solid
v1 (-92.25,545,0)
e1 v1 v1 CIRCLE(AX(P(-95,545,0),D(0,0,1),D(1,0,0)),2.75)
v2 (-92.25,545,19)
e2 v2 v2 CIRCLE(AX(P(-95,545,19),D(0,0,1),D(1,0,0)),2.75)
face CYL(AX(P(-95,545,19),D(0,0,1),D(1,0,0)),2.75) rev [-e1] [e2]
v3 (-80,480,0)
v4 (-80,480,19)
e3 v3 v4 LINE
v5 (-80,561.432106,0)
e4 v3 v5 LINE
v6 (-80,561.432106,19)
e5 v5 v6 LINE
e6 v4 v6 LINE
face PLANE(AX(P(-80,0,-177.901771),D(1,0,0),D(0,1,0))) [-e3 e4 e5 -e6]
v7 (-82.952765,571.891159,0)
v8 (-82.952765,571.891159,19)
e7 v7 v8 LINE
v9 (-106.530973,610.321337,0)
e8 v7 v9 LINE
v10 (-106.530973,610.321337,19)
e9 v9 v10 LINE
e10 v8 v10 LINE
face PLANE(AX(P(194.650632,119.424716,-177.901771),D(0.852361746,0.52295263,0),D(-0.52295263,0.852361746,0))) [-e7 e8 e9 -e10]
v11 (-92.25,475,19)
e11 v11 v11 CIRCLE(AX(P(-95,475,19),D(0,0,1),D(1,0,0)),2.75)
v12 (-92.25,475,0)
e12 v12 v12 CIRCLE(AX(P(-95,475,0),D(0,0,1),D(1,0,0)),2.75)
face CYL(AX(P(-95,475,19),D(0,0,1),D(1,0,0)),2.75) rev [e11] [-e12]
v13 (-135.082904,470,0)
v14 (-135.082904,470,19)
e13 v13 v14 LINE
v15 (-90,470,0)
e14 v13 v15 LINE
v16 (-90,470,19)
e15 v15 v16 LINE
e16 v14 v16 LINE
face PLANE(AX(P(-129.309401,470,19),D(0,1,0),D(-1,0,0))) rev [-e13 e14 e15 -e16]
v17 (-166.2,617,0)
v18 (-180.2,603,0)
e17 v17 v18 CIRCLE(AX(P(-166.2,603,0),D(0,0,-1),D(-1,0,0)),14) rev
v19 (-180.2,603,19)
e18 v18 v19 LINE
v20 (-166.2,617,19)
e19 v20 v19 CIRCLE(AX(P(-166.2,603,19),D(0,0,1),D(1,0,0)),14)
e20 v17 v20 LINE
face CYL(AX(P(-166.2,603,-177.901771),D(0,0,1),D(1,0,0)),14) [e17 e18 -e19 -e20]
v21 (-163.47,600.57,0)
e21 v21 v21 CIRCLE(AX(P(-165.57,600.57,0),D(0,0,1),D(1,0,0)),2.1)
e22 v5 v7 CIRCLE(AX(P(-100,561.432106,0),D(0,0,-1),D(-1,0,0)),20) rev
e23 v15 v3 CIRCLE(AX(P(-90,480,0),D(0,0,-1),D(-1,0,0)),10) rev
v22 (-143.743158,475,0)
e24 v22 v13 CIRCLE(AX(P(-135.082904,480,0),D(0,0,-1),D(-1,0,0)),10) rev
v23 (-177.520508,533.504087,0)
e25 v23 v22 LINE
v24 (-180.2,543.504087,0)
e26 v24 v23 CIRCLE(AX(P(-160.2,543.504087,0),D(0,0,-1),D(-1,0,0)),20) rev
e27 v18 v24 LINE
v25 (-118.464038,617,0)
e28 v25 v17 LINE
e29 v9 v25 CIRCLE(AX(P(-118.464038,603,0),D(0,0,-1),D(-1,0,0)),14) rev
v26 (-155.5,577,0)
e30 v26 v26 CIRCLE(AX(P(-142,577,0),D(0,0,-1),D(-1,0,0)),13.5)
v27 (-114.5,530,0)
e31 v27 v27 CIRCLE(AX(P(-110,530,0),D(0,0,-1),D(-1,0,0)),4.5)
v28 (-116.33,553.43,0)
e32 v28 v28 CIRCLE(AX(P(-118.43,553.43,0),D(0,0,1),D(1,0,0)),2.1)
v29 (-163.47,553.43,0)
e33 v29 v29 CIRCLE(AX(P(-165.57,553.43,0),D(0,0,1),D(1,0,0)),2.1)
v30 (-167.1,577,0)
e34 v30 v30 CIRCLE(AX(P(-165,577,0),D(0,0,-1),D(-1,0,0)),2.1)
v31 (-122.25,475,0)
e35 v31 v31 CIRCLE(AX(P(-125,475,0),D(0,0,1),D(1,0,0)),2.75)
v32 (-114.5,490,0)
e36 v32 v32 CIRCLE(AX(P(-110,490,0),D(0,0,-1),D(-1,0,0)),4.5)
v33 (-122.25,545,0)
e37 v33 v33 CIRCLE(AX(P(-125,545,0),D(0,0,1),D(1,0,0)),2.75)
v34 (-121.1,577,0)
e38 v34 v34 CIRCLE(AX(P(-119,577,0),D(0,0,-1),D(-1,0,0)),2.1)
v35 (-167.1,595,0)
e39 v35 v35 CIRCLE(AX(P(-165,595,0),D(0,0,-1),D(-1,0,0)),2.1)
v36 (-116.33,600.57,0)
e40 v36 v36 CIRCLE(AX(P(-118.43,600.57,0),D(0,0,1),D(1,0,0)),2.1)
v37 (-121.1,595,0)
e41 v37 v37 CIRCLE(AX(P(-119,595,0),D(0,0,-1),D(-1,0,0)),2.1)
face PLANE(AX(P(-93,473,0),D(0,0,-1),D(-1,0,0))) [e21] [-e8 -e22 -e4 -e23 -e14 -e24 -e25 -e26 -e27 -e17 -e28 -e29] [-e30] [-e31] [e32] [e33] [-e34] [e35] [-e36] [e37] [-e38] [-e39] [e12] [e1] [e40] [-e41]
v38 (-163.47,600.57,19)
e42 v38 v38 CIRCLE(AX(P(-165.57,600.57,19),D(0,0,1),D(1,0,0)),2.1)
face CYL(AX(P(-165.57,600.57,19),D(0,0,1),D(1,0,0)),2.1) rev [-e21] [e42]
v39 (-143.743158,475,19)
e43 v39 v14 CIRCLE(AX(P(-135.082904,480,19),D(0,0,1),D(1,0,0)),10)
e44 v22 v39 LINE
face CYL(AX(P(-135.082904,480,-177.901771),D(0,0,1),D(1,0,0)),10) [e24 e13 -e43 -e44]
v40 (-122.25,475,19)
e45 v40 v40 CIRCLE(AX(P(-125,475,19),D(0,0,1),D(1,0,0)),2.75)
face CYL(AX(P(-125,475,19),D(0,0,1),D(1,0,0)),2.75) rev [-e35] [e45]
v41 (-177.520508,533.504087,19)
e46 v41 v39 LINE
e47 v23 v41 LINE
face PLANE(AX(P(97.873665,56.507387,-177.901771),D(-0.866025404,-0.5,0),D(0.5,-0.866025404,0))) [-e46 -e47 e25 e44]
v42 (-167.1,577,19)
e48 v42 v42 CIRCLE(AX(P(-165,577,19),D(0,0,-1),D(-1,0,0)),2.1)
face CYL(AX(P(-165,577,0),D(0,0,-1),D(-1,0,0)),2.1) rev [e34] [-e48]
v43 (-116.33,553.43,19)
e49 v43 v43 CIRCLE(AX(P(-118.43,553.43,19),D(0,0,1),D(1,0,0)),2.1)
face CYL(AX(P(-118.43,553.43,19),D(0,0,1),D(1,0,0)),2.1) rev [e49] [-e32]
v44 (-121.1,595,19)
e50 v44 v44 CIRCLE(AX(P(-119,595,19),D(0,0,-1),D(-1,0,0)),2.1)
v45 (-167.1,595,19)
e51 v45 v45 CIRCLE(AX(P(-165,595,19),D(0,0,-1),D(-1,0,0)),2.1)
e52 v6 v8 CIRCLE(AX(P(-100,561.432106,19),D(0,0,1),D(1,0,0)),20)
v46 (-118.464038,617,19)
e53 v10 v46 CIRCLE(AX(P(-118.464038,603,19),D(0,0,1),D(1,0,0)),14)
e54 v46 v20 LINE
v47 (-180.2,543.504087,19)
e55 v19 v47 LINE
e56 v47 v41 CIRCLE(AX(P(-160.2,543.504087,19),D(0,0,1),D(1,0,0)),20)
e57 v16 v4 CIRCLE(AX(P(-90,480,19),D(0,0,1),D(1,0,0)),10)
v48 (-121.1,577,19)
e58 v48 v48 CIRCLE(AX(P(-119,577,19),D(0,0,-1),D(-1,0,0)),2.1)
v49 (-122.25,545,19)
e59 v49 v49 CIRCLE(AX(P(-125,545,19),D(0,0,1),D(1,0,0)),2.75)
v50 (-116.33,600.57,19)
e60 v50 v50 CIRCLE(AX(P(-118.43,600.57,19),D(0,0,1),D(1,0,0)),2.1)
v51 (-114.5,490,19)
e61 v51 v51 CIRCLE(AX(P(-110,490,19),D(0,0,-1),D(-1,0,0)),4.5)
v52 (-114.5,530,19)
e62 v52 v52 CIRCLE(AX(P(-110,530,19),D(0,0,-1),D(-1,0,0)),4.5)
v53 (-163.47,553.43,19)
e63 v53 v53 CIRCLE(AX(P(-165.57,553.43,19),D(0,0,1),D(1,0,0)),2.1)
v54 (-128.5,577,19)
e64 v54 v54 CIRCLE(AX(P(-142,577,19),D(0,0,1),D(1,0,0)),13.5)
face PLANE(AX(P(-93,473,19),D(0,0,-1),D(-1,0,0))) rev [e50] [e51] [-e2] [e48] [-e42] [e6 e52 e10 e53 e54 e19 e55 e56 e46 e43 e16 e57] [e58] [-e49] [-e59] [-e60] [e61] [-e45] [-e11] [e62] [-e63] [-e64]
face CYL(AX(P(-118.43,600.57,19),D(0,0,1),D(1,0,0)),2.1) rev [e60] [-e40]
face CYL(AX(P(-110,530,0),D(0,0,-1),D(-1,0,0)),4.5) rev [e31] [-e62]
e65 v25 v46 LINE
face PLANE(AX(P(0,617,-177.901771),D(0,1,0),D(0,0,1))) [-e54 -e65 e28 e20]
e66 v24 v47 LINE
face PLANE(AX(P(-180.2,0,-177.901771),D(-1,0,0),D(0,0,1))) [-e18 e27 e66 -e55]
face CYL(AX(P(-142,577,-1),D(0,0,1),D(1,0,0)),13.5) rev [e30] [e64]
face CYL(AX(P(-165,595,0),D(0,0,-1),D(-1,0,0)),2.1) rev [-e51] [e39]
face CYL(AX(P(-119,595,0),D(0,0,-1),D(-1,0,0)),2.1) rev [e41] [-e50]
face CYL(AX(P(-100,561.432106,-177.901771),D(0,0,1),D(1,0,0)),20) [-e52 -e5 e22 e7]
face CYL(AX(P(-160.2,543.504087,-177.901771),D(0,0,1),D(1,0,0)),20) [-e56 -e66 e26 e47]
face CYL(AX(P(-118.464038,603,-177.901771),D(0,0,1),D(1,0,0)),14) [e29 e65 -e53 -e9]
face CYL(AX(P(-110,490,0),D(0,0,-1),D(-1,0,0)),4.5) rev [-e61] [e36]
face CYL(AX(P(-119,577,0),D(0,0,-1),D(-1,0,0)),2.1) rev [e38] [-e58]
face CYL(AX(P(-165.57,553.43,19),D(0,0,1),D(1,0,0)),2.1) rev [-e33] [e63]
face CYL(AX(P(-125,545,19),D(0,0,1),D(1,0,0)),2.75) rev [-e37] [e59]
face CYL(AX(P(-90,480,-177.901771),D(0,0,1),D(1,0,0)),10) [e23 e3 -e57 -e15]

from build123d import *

# Parameters (mm, degrees)
BOSS_EXTRUDE1_DEPTH     = 19
FILLET1_R               = 10
SKETCH2_R               = 13.5
CUT_EXTRUDE1_DEPTH      = 20
TAP_DRILL_FOR_M5_TAP1_D = 4.2
M5_CLEARANCE_HOLE1_D    = 5.5
TAP_DRILL_FOR_M5_TAP2_D = 4.2
FILLET2_R               = 4
BOSS_EXTRUDE2_DEPTH     = 19
M8_CLEARANCE_HOLE1_D    = 9


with BuildPart() as part:
    # Sketch1 → Boss-Extrude1 (new body)
    with BuildSketch(Plane.XY):
        with BuildLine():
            Line((-170.200000001, 540.824594888), (-129.309401077, 470))
            Line((-129.309401077, 470), (-93, 470))
            ThreePointArc((-93, 470), (-90.878679656, 470.878679656), (-90, 473))
            Line((-90, 473), (-90, 564.25527297))
            Line((-90, 564.25527297), (-116.225329238, 607))
            Line((-116.225329238, 607), (-170.200000001, 607))
            Line((-170.200000001, 607), (-170.200000001, 540.824594888))
        make_face()
    extrude(amount=BOSS_EXTRUDE1_DEPTH)

    # Fillet1
    fillet1_edges = [part.edges().sort_by_distance(p)[0] for p in [
        (-90, 564.25527297, 9.5),
        (-129.309401077, 470, 9.5),
        (-170.200000001, 540.824594888, 9.5),
    ]]
    fillet(fillet1_edges, radius=FILLET1_R)

    # Sketch2 → Cut-Extrude1 (cut)
    with BuildSketch(Plane.XY.offset(19)):
        with Locations((-142.000000001, 577)):
            Circle(SKETCH2_R)
    extrude(amount=-CUT_EXTRUDE1_DEPTH, mode=Mode.SUBTRACT)

    # Tap Drill for M5 Tap1 (through all)
    with Locations(Plane(origin=(0, 0, 0), x_dir=(-1, 0, 0), z_dir=(0, 0, -1))):
        with Locations((119.000000001, 595), (119.000000001, 577), (165.000000001, 577), (165.000000001, 595)):
            Hole(TAP_DRILL_FOR_M5_TAP1_D / 2)

    # M5 Clearance Hole1 (through all)
    with Locations(Plane.XY.offset(19)):
        with Locations((-95, 545), (-125, 545), (-125, 475), (-95, 475), (-110, 490), (-110, 530)):
            Hole(M5_CLEARANCE_HOLE1_D / 2)

    # Tap Drill for M5 Tap2 (through all)
    with Locations(Plane.XY.offset(19)):
        with Locations((-165.570000001, 553.43), (-165.570000001, 600.57), (-118.430000001, 553.43), (-118.430000001, 600.57)):
            Hole(TAP_DRILL_FOR_M5_TAP2_D / 2)

    # Fillet2
    fillet2_edges = [part.edges().sort_by_distance(p)[0] for p in [
        (-116.225329238, 607, 9.5),
        (-170.200000001, 607, 9.5),
    ]]
    fillet(fillet2_edges, radius=FILLET2_R)

    # Sketch11 → Boss-Extrude2 (add)
    with BuildSketch(Plane.XY.offset(19)):
        with BuildLine():
            ThreePointArc((-80, 561.432106106), (-80.75234172, 566.866041212), (-82.952765074, 571.89115871))
            Line((-82.952765074, 571.89115871), (-106.530973281, 610.321336823))
            ThreePointArc((-106.530973281, 610.321336823), (-111.626593598, 615.216765438), (-118.464037729, 617))
            Line((-118.464037729, 617), (-166.200000001, 617))
            ThreePointArc((-166.200000001, 617), (-176.099494937, 612.899494937), (-180.200000001, 603))
            Line((-180.200000001, 603), (-180.200000001, 543.504086813))
            ThreePointArc((-180.200000001, 543.504086813), (-179.518516526, 538.327705911), (-177.520508076, 533.504086813))
            Line((-177.520508076, 533.504086813), (-143.743157806, 475))
            ThreePointArc((-143.743157806, 475), (-140.082903769, 471.339745962), (-135.082903769, 470))
            Line((-135.082903769, 470), (-123.535898385, 470))
            ThreePointArc((-123.535898385, 470), (-128.535898385, 471.339745962), (-132.196152423, 475))
            Line((-132.196152423, 475), (-168.860254039, 538.504086813))
            ThreePointArc((-168.860254039, 538.504086813), (-169.859258264, 540.915896362), (-170.200000001, 543.504086813))
            Line((-170.200000001, 543.504086813), (-170.200000001, 603))
            ThreePointArc((-170.200000001, 603), (-169.028427125, 605.828427125), (-166.200000001, 607))
            Line((-166.200000001, 607), (-118.464037729, 607))
            ThreePointArc((-118.464037729, 607), (-116.510482263, 606.490504411), (-115.054590744, 605.091810521))
            Line((-115.054590744, 605.091810521), (-91.476382537, 566.661632408))
            ThreePointArc((-91.476382537, 566.661632408), (-90.37617086, 564.149073659), (-90, 561.432106106))
            Line((-90, 561.432106106), (-90, 473))
            ThreePointArc((-90, 473), (-90.878679656, 470.878679656), (-93, 470))
            Line((-93, 470), (-90, 470))
            ThreePointArc((-90, 470), (-82.928932188, 472.928932188), (-80, 480))
            Line((-80, 480), (-80, 561.432106106))
        make_face()
    extrude(amount=-BOSS_EXTRUDE2_DEPTH)

    # M8 Clearance Hole1 (through all)
    with Locations(Plane(origin=(-110, 490, 0), x_dir=(-1, 0, 0), z_dir=(0, 0, -1))):
        with Locations((0, 0), (0, 40)):
            Hole(M8_CLEARANCE_HOLE1_D / 2)


solid = part.part
